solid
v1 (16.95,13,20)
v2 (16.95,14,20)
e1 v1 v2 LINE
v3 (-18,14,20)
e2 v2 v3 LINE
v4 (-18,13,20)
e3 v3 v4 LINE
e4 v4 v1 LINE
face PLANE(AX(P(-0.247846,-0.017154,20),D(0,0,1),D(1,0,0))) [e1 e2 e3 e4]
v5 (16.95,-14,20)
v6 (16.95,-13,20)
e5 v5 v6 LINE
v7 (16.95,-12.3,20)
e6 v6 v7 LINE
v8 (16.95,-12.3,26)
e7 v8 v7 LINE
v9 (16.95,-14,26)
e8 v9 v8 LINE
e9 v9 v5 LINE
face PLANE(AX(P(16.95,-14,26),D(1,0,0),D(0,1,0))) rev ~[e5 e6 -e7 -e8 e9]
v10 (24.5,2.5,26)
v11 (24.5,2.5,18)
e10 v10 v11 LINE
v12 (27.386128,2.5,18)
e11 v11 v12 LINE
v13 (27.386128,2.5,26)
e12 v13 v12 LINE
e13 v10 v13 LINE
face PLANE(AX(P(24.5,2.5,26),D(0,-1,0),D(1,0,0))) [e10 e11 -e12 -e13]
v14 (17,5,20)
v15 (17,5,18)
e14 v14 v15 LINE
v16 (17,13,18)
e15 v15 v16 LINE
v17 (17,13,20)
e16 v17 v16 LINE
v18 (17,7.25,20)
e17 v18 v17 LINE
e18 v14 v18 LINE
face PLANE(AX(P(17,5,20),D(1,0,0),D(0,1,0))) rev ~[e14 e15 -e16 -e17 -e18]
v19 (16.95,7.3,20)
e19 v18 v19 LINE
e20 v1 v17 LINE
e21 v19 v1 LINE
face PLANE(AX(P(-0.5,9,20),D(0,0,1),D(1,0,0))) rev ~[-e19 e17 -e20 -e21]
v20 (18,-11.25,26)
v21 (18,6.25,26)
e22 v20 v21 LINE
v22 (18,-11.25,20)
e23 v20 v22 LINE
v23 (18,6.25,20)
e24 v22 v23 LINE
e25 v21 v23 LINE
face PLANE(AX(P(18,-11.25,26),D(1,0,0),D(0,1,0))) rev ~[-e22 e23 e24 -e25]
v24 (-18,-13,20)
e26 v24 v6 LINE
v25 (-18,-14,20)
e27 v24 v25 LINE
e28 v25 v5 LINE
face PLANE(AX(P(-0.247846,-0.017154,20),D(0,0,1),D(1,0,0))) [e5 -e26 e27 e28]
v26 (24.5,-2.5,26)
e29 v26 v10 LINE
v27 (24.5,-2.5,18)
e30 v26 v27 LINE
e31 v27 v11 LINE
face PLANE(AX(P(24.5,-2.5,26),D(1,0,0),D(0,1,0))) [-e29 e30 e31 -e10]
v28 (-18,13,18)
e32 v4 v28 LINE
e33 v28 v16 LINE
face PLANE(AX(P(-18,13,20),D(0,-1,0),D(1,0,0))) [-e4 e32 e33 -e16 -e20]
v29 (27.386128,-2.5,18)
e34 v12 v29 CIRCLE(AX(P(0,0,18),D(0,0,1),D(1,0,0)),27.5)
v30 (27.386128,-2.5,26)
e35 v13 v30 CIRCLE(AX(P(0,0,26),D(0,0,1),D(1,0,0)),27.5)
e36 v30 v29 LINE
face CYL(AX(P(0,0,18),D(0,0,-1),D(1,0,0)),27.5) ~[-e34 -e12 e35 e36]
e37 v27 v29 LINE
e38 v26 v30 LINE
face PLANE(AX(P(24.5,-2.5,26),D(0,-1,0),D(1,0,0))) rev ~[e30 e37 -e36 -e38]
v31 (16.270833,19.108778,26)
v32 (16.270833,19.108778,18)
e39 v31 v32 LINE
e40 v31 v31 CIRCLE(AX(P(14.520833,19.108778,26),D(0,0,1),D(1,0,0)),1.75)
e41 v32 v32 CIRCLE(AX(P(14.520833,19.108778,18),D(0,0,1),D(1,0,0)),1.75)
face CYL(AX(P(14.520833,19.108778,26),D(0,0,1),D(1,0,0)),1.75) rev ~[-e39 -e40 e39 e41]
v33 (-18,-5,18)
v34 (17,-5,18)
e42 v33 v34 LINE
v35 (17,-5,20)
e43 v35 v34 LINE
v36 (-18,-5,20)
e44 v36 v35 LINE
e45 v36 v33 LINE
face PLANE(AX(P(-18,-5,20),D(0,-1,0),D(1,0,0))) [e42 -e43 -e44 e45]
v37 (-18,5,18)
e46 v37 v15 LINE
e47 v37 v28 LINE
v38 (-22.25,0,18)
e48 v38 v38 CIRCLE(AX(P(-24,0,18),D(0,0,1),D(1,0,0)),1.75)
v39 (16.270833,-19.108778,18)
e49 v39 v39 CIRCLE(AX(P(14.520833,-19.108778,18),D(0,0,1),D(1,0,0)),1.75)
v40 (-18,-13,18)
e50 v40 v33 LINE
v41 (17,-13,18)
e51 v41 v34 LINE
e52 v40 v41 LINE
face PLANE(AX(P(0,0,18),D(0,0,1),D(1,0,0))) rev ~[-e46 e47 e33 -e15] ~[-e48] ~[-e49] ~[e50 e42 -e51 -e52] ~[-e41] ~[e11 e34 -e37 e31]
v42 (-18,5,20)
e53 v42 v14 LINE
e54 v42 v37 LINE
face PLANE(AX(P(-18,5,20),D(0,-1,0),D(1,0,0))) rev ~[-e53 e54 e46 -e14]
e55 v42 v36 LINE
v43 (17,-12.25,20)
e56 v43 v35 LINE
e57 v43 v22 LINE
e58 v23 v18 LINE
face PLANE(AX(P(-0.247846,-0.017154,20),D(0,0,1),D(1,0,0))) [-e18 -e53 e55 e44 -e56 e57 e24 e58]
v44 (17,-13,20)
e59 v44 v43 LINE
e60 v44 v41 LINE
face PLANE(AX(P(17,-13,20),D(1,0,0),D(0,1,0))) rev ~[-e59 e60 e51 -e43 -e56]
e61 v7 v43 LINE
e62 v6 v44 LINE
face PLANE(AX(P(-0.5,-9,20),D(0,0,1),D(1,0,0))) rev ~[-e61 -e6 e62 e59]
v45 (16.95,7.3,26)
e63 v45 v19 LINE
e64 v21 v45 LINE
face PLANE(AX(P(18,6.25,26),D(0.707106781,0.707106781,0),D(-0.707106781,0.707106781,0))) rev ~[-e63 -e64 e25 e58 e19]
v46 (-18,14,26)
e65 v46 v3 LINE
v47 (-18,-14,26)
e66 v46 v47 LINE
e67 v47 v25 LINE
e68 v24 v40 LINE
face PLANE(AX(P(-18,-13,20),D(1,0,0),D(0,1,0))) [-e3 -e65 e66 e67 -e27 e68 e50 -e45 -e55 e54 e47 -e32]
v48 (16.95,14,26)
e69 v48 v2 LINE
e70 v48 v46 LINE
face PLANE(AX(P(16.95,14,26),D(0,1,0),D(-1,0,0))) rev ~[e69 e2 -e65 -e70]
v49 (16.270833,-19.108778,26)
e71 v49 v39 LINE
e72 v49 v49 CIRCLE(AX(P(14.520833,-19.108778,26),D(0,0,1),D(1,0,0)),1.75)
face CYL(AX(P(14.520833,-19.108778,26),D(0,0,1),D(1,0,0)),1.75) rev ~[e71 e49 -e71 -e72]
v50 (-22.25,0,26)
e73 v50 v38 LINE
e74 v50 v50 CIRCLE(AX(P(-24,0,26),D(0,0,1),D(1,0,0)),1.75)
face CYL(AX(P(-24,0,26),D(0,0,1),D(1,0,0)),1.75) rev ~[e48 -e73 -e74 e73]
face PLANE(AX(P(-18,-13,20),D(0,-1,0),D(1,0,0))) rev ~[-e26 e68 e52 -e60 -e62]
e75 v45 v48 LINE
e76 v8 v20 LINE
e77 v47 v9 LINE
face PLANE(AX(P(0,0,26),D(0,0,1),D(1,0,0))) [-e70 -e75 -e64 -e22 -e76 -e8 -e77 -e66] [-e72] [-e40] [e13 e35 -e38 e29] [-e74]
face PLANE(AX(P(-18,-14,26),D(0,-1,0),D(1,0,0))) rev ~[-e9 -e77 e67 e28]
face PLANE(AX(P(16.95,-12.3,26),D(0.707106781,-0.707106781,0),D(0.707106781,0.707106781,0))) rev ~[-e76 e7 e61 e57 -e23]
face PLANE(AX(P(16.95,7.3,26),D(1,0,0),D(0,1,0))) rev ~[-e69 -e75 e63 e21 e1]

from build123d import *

# Parameters (mm, degrees)
SKETCH_R        = 27.5
PAD_DEPTH       = 8
POCKET_DEPTH    = 6
SKETCH013_R     = 1.75
POCKET006_DEPTH = 10
SKETCH021_W     = 35
SKETCH021_H     = 8
POCKET013_DEPTH = 2
SKETCH022_W     = 3
SKETCH022_H     = 5
POCKET014_DEPTH = 13


with BuildPart() as part:
    # Sketch → Pad (new body)
    with BuildSketch(Plane.XY):
        Circle(SKETCH_R)
    extrude(amount=PAD_DEPTH)

    # Sketch002 (on Face3 of Pad) → Pocket (cut)
    with BuildSketch(Plane.XY.offset(8)):
        Polygon((-18, 14), (-18, -14), (16.95, -14), (16.95, -12.3), (18, -11.25), (18, 6.25), (16.95, 7.3), (16.95, 14), align=None)
    extrude(amount=-POCKET_DEPTH, mode=Mode.SUBTRACT)

    # Sketch013 (on Face3 of Pocket) → Pocket006 (cut)
    with BuildSketch(Plane.XY.offset(8)):
        with Locations((-24, 0)):
            Circle(SKETCH013_R)
        with Locations((14.520833, 19.108778)):
            Circle(SKETCH013_R)
        with Locations((14.520833, -19.108778)):
            Circle(SKETCH013_R)
    extrude(amount=-POCKET006_DEPTH, mode=Mode.SUBTRACT)

    # Sketch021 (on Face15 of Pocket006) → Pocket013 (cut)
    with BuildSketch(Plane.XY.offset(2)):
        with Locations((-0.5, 9)):
            Rectangle(SKETCH021_W, SKETCH021_H)
        with Locations((-0.5, -9)):
            Rectangle(SKETCH021_W, SKETCH021_H)
    extrude(amount=-POCKET013_DEPTH, mode=Mode.SUBTRACT)

    # Sketch022 (on Face3 of Pocket013) → Pocket014 (cut)
    with BuildSketch(Plane.XY.offset(8)):
        with Locations((26, 0)):
            Rectangle(SKETCH022_W, SKETCH022_H)
    extrude(amount=-POCKET014_DEPTH, mode=Mode.SUBTRACT)


with BuildPart() as part_1:
    # Body placement: moved
    add(part.part.moved(Location((0, 0, 18))))


solid = part_1.part
